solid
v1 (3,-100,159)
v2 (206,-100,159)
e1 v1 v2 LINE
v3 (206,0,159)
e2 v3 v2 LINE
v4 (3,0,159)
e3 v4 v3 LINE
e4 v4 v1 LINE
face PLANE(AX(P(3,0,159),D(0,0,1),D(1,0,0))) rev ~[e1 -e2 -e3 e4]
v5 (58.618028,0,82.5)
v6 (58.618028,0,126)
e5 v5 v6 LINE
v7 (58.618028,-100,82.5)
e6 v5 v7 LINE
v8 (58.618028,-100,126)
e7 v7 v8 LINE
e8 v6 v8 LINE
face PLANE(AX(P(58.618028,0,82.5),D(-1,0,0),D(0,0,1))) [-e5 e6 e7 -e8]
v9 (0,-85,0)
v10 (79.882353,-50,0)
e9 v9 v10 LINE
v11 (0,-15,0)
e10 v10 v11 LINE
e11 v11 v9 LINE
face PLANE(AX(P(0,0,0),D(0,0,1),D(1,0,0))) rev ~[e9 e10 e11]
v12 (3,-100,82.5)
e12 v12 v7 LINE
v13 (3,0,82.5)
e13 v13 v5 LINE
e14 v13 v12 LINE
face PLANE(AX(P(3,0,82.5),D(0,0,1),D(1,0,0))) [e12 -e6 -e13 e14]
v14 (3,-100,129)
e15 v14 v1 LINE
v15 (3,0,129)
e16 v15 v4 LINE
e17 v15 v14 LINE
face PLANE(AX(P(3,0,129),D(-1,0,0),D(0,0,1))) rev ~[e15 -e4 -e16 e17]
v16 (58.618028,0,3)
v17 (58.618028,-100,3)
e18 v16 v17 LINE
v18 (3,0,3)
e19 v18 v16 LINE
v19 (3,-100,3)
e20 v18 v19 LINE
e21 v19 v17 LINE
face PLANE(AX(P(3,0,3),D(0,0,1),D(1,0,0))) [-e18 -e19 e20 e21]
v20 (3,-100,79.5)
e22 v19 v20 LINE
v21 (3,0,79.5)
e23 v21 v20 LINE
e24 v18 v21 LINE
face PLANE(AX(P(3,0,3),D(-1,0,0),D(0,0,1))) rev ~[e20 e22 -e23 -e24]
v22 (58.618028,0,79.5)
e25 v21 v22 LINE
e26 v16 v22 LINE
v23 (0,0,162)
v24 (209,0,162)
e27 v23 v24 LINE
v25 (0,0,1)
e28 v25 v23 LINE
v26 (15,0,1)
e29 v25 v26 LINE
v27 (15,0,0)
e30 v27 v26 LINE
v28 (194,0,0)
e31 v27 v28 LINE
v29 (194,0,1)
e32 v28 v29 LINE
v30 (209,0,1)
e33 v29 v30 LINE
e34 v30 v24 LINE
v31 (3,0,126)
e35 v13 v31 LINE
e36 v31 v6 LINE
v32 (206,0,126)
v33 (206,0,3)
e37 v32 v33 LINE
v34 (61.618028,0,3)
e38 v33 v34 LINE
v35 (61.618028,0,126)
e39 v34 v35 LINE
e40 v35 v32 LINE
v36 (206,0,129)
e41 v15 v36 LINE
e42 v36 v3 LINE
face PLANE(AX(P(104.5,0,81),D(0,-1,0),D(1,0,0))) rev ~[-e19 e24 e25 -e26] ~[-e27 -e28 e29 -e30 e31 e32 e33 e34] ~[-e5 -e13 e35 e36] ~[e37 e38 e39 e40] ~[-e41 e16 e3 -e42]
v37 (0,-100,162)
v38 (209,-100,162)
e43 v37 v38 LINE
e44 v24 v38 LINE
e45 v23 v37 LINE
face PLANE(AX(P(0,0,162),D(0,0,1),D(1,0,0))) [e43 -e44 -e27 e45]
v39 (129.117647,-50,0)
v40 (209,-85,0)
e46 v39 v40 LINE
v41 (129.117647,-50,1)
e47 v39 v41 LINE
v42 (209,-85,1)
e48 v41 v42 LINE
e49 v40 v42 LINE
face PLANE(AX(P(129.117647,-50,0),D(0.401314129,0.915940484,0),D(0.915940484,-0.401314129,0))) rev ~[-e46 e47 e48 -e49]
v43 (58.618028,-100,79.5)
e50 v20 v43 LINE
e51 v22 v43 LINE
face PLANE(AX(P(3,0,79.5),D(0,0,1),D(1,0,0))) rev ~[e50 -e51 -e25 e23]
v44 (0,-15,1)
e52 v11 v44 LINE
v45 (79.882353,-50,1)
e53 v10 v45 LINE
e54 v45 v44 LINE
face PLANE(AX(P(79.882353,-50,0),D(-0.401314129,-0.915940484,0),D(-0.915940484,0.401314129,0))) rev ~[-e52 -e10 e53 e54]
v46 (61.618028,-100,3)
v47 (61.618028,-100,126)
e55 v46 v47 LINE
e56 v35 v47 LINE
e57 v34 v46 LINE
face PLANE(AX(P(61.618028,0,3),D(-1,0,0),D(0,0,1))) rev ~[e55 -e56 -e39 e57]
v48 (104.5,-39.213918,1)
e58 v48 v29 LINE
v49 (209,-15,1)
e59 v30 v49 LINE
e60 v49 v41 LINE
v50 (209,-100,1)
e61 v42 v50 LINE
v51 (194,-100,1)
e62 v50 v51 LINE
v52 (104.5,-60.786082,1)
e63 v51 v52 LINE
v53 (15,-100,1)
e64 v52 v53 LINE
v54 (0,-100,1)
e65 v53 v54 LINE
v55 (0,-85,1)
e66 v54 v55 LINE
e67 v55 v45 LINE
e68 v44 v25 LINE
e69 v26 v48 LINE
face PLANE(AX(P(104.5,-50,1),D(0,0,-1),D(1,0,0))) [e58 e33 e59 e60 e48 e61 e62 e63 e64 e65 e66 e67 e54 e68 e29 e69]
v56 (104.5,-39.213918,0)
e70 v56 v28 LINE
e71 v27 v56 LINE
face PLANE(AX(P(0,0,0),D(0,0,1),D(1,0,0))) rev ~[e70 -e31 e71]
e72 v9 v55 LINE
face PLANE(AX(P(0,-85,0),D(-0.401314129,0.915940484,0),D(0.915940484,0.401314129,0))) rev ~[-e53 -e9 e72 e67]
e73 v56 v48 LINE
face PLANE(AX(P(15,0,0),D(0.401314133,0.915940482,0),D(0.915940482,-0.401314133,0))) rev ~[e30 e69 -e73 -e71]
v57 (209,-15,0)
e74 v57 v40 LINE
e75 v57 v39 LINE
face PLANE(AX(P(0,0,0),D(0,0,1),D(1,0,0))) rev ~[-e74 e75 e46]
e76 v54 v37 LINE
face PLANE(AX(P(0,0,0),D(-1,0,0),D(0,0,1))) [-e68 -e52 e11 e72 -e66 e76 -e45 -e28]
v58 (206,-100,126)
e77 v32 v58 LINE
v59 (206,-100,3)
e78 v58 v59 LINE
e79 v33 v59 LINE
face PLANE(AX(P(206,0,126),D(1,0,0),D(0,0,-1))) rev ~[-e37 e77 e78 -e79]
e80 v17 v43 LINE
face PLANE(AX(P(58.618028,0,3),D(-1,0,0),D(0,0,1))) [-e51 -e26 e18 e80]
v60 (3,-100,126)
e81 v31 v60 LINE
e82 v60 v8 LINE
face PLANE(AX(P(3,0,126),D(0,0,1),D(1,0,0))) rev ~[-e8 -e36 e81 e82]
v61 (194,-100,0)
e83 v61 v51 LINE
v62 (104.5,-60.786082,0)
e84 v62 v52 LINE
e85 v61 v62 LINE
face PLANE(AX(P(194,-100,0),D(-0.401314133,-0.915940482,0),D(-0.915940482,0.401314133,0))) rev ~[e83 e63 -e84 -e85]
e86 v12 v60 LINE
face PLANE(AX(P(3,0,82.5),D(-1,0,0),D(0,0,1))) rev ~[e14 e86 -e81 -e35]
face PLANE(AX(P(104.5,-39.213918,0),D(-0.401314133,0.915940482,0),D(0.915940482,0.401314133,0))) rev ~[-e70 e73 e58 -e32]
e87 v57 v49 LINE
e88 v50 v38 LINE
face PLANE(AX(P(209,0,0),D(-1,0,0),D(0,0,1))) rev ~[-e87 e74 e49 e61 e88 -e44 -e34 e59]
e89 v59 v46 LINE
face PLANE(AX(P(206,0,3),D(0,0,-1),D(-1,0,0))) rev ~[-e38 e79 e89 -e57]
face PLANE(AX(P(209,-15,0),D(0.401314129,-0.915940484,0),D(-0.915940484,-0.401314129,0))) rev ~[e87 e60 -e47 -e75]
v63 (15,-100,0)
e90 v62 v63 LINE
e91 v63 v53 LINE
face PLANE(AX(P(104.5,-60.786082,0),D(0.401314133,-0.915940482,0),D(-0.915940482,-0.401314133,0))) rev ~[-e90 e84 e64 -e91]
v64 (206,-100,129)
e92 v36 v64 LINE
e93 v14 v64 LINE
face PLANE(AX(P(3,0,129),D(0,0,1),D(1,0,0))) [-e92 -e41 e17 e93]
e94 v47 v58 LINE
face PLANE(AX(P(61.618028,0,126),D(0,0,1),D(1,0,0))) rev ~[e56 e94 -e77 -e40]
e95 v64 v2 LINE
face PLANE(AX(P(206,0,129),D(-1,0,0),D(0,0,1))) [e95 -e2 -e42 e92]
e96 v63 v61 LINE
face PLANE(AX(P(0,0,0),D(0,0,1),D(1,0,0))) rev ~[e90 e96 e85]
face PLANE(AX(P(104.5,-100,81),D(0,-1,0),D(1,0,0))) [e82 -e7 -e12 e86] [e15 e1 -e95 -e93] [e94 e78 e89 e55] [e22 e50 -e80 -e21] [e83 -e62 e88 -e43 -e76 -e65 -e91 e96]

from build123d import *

# Parameters (mm, degrees)
F0_W     = 209
F0_H     = 162
F0_W_2   = 55.618028
F0_H_2   = 76.5
F0_H_3   = 43.5
F0_W_3   = 203
F0_H_4   = 30
F1_DEPTH = 100
F3_DEPTH = 1


with BuildPart() as f1:
    # F0 (on Front) → F1 (new body)
    with BuildSketch(Plane.XZ):
        with Locations((104.5, 81)):
            Rectangle(F0_W, F0_H)
        with Locations((30.809014, 41.25)):
            Rectangle(F0_W_2, F0_H_2, mode=Mode.SUBTRACT)
        Polygon((206, 126), (206, 3), (106, 3), (103, 3), (61.618028, 3), (61.618028, 126), (103, 126), (106, 126), align=None, mode=Mode.SUBTRACT)
        with Locations((30.809014, 104.25)):
            Rectangle(F0_W_2, F0_H_3, mode=Mode.SUBTRACT)
        with Locations((104.5, 144)):
            Rectangle(F0_W_3, F0_H_4, mode=Mode.SUBTRACT)
    extrude(amount=F1_DEPTH)

    # F2 (on face) → F3 (cut)
    with BuildSketch(Plane(origin=(0, 0, 0), x_dir=(1, 0, 0), z_dir=(0, 0, -1))):
        Polygon((104.5, 60.786082), (15, 100), (0, 100), (0, 85), (79.882353, 50), (0, 15), (0, 0), (15, 0), (104.5, 39.213918), (194, 0), (209, 0), (209, 15), (129.117647, 50), (209, 85), (209, 100), (194, 100), align=None)
    extrude(amount=-F3_DEPTH, mode=Mode.SUBTRACT)


solid = f1.part
